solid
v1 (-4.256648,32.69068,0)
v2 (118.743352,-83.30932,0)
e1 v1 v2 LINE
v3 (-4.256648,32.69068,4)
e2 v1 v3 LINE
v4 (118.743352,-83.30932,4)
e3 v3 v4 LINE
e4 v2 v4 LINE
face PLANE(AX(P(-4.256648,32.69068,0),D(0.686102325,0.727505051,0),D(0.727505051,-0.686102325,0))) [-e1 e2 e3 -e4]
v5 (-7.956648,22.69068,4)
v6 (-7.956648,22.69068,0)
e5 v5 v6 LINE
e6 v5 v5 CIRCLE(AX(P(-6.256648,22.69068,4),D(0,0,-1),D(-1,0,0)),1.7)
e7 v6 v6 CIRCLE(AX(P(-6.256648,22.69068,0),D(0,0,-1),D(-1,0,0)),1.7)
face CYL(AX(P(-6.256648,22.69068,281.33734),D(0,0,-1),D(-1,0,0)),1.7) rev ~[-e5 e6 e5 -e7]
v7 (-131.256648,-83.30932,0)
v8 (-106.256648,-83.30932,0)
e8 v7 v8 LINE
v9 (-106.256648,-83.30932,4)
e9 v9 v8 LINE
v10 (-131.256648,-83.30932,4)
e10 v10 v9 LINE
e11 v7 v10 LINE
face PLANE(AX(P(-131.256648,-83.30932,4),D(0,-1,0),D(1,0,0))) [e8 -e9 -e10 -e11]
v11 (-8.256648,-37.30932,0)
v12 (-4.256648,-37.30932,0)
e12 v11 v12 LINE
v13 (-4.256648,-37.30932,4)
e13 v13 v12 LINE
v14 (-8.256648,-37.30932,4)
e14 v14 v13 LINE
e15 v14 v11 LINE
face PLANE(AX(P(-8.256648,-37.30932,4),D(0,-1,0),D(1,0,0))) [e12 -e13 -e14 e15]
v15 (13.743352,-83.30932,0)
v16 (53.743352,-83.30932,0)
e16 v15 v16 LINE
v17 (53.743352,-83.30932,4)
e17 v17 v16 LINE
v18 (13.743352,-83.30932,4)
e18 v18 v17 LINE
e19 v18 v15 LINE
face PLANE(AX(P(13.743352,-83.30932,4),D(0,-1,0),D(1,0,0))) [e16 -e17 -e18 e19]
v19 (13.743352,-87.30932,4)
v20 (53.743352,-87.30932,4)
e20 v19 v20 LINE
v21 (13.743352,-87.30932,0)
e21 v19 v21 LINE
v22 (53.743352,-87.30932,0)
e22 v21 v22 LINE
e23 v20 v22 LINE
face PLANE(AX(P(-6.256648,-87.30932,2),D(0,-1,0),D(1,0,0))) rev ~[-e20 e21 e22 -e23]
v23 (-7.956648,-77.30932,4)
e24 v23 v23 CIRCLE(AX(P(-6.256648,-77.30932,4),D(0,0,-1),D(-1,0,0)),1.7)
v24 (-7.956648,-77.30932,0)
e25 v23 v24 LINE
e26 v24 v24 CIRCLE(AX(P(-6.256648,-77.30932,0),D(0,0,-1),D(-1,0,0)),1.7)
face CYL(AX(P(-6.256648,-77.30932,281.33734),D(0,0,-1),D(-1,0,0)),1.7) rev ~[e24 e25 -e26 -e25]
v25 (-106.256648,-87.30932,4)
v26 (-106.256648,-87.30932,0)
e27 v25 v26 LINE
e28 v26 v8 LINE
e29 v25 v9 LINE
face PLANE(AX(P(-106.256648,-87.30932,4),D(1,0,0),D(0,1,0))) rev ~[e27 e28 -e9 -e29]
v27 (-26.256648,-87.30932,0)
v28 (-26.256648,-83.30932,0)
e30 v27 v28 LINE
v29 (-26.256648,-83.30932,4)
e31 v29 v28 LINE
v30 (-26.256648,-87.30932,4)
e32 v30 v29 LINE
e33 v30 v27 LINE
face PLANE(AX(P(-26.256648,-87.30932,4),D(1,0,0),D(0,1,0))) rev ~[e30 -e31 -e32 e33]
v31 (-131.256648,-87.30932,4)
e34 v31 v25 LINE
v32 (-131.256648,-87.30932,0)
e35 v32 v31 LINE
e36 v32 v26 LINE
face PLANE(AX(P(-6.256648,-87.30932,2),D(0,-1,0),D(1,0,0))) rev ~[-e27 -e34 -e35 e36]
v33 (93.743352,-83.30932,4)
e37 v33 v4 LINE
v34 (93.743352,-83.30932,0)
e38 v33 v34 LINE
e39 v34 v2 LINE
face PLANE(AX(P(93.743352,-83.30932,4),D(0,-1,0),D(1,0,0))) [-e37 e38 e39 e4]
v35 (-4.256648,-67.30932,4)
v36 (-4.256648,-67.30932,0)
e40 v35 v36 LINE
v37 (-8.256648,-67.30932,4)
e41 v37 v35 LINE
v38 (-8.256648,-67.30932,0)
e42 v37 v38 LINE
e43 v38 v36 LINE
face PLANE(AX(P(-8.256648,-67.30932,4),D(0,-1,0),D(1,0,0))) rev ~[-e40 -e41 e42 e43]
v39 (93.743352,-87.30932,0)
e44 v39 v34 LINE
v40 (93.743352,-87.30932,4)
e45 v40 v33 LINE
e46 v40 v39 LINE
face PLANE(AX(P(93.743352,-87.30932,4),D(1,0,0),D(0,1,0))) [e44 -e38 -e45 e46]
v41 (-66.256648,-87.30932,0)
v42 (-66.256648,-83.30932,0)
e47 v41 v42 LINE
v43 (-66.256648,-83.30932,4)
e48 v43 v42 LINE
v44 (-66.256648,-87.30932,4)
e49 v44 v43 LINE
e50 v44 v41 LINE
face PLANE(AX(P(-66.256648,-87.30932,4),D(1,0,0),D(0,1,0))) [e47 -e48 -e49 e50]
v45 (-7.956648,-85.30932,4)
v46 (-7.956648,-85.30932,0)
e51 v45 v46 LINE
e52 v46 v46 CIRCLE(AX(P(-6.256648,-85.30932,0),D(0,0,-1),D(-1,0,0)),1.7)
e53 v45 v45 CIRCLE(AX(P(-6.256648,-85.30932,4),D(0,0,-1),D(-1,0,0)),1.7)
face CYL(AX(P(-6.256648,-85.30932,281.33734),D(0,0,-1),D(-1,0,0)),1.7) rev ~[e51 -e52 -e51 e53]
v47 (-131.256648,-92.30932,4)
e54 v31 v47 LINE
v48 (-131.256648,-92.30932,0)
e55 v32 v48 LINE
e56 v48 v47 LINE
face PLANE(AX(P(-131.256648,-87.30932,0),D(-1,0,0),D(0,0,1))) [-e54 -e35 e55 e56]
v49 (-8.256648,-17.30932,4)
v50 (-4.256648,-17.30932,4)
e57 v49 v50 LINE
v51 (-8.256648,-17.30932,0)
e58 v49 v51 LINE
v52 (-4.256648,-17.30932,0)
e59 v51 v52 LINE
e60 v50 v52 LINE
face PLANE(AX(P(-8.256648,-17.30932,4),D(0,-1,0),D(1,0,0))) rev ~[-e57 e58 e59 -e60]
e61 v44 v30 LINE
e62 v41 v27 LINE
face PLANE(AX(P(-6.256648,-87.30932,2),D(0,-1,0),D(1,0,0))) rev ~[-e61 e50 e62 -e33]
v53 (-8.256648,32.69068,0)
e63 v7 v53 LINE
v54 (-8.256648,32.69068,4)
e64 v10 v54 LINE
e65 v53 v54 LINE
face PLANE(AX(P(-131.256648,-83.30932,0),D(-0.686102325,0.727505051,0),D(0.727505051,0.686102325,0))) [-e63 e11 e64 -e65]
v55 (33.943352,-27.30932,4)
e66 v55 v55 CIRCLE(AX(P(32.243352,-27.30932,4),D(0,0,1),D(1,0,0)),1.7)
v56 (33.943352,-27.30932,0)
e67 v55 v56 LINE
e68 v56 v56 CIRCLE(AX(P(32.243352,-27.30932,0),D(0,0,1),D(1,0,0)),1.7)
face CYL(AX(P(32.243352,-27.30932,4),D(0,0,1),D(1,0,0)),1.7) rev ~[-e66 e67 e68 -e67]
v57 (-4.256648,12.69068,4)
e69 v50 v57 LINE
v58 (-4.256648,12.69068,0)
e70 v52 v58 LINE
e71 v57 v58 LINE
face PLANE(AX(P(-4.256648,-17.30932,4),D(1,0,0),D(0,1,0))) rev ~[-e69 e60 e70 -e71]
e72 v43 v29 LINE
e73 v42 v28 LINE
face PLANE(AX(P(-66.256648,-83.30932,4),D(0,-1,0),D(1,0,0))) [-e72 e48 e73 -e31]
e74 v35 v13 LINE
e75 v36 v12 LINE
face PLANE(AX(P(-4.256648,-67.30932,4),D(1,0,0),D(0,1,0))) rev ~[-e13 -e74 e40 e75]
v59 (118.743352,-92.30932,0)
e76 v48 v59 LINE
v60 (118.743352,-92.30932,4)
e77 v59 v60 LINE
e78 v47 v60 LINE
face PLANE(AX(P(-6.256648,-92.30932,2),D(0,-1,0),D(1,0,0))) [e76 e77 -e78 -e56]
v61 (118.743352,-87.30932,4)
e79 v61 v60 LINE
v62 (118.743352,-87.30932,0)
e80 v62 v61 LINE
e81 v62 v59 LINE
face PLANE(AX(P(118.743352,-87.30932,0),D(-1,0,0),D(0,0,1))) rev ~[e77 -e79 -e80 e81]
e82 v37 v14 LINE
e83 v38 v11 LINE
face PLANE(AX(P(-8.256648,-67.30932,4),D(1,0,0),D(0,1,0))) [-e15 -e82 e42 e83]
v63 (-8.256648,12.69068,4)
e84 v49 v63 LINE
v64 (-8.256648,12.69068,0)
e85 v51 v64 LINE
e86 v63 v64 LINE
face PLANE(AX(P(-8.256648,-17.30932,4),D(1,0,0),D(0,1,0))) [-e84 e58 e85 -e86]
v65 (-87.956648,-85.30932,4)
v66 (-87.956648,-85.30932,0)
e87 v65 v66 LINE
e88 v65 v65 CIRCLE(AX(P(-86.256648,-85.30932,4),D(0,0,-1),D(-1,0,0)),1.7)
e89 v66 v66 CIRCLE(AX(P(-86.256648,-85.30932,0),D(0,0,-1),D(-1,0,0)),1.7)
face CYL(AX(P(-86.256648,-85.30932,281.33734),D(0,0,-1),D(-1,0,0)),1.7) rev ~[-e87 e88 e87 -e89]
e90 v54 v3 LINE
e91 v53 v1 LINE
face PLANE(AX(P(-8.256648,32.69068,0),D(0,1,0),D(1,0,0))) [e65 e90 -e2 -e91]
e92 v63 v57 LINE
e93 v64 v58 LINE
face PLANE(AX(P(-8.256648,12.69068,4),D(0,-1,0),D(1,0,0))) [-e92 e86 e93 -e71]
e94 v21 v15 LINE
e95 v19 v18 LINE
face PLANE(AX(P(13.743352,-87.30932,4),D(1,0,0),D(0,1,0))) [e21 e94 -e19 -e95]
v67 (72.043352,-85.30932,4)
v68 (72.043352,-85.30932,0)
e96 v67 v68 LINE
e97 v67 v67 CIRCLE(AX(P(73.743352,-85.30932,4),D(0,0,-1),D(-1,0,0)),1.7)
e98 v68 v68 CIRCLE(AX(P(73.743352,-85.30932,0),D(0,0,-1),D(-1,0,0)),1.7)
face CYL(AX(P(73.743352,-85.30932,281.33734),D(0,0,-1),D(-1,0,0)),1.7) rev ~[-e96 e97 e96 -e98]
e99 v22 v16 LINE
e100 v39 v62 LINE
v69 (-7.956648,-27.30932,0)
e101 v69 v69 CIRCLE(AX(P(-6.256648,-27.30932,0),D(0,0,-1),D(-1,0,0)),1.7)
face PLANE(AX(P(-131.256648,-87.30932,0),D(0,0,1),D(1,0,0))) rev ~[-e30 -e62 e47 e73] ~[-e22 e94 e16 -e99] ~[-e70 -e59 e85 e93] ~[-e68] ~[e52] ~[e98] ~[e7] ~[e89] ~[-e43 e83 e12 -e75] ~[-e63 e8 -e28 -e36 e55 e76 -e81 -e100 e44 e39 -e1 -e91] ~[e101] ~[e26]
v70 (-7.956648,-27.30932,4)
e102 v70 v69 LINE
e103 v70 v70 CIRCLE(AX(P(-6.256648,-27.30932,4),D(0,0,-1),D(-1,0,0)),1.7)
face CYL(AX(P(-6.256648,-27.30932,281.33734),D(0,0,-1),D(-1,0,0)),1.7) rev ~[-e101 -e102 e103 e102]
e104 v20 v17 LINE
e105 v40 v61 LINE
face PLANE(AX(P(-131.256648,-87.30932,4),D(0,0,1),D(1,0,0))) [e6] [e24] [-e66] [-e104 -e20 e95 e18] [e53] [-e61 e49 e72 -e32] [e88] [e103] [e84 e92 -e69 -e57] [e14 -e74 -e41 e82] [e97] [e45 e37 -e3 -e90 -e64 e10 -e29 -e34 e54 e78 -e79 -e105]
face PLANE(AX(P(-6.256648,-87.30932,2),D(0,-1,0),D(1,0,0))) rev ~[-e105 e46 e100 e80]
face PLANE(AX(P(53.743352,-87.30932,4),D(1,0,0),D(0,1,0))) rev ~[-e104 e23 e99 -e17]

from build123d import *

# Parameters (mm, degrees)
BOSS_EXTRU_1_DEPTH         = 4
ESQUISSE2_W                = 4
ESQUISSE2_H                = 30
ENL_V_MAT_EXTRU_1_DEPTH    = 4
R_P_TITION_LIN_AIRE1_COUNT = 2
R_P_TITION_LIN_AIRE1_PITCH = 50
ESQUISSE3_W                = 25
ESQUISSE3_H                = 4
ESQUISSE3_W_2              = 40
ENL_V_MAT_EXTRU_2_DEPTH    = 4
D_GAGEMENT_M31_D           = 3.4
ESQUISSE9_W                = 250
ESQUISSE9_H                = 4
BOSS_EXTRU_2_DEPTH         = 5
ESQUISSE10_R               = 1.7
ENL_V_MAT_EXTRU_3_DEPTH    = 10


with BuildPart() as part:
    # Esquisse1 → Boss.-Extru.1 (new body)
    with BuildSketch(Plane.XY):
        Polygon((-8.256647574, 32.690679855), (-4.256647574, 32.690679855), (118.743352426, -83.309320145), (118.743352426, -87.309320145), (-131.256647574, -87.309320145), (-131.256647574, -83.309320145), align=None)
    extrude(amount=BOSS_EXTRU_1_DEPTH)

    # Esquisse2 → Enlèv. mat.-Extru.1 (cut)
    with BuildSketch(Plane.XY.offset(4)):
        with Locations((-6.256647574, -2.309320145)):
            Rectangle(ESQUISSE2_W, ESQUISSE2_H)
    enl_v_mat_extru_1 = extrude(amount=-ENL_V_MAT_EXTRU_1_DEPTH, mode=Mode.SUBTRACT)

    # Répétition linéaire1: Enlèv. mat.-Extru.1 ×2
    with Locations(*[(0, -i * R_P_TITION_LIN_AIRE1_PITCH, 0) for i in range(1, R_P_TITION_LIN_AIRE1_COUNT)]):
        add(enl_v_mat_extru_1, mode=Mode.SUBTRACT)

    # Esquisse3 → Enlèv. mat.-Extru.2 (cut)
    with BuildSketch(Plane.XY.offset(4)):
        with Locations((-118.756647574, -85.309320145)):
            Rectangle(ESQUISSE3_W, ESQUISSE3_H)
        with Locations((33.743352426, -85.309320145)):
            Rectangle(ESQUISSE3_W_2, ESQUISSE3_H)
        with Locations((-46.256647574, -85.309320145)):
            Rectangle(ESQUISSE3_W_2, ESQUISSE3_H)
        with Locations((113.743352426, -85.309320145)):
            Rectangle(ESQUISSE3_W_2, ESQUISSE3_H)
    extrude(amount=-ENL_V_MAT_EXTRU_2_DEPTH, mode=Mode.SUBTRACT)

    # Dégagement M31 (through all)
    with Locations(Plane.XY.offset(4)):
        with Locations((-6.256647574, 22.690679855), (-6.256647574, -27.309320145), (-6.256647574, -77.309320145), (-6.256647574, -85.309320145), (-86.256647574, -85.309320145), (73.743352426, -85.309320145)):
            Hole(D_GAGEMENT_M31_D / 2)

    # Esquisse9 → Boss.-Extru.2 (add)
    with BuildSketch(Plane.XZ.offset(87.309320145)):
        with Locations((-6.256647574, 2)):
            Rectangle(ESQUISSE9_W, ESQUISSE9_H)
    extrude(amount=BOSS_EXTRU_2_DEPTH)

    # Esquisse10 → Enlèv. mat.-Extru.3 (cut)
    with BuildSketch(Plane(origin=(-276.256647574, 4.324322261, 4), x_dir=(1, 0, 0), z_dir=(0, 0, 1))):
        with Locations((308.5, -31.633642405)):
            Circle(ESQUISSE10_R)
    extrude(amount=-ENL_V_MAT_EXTRU_3_DEPTH, mode=Mode.SUBTRACT)


solid = part.part
